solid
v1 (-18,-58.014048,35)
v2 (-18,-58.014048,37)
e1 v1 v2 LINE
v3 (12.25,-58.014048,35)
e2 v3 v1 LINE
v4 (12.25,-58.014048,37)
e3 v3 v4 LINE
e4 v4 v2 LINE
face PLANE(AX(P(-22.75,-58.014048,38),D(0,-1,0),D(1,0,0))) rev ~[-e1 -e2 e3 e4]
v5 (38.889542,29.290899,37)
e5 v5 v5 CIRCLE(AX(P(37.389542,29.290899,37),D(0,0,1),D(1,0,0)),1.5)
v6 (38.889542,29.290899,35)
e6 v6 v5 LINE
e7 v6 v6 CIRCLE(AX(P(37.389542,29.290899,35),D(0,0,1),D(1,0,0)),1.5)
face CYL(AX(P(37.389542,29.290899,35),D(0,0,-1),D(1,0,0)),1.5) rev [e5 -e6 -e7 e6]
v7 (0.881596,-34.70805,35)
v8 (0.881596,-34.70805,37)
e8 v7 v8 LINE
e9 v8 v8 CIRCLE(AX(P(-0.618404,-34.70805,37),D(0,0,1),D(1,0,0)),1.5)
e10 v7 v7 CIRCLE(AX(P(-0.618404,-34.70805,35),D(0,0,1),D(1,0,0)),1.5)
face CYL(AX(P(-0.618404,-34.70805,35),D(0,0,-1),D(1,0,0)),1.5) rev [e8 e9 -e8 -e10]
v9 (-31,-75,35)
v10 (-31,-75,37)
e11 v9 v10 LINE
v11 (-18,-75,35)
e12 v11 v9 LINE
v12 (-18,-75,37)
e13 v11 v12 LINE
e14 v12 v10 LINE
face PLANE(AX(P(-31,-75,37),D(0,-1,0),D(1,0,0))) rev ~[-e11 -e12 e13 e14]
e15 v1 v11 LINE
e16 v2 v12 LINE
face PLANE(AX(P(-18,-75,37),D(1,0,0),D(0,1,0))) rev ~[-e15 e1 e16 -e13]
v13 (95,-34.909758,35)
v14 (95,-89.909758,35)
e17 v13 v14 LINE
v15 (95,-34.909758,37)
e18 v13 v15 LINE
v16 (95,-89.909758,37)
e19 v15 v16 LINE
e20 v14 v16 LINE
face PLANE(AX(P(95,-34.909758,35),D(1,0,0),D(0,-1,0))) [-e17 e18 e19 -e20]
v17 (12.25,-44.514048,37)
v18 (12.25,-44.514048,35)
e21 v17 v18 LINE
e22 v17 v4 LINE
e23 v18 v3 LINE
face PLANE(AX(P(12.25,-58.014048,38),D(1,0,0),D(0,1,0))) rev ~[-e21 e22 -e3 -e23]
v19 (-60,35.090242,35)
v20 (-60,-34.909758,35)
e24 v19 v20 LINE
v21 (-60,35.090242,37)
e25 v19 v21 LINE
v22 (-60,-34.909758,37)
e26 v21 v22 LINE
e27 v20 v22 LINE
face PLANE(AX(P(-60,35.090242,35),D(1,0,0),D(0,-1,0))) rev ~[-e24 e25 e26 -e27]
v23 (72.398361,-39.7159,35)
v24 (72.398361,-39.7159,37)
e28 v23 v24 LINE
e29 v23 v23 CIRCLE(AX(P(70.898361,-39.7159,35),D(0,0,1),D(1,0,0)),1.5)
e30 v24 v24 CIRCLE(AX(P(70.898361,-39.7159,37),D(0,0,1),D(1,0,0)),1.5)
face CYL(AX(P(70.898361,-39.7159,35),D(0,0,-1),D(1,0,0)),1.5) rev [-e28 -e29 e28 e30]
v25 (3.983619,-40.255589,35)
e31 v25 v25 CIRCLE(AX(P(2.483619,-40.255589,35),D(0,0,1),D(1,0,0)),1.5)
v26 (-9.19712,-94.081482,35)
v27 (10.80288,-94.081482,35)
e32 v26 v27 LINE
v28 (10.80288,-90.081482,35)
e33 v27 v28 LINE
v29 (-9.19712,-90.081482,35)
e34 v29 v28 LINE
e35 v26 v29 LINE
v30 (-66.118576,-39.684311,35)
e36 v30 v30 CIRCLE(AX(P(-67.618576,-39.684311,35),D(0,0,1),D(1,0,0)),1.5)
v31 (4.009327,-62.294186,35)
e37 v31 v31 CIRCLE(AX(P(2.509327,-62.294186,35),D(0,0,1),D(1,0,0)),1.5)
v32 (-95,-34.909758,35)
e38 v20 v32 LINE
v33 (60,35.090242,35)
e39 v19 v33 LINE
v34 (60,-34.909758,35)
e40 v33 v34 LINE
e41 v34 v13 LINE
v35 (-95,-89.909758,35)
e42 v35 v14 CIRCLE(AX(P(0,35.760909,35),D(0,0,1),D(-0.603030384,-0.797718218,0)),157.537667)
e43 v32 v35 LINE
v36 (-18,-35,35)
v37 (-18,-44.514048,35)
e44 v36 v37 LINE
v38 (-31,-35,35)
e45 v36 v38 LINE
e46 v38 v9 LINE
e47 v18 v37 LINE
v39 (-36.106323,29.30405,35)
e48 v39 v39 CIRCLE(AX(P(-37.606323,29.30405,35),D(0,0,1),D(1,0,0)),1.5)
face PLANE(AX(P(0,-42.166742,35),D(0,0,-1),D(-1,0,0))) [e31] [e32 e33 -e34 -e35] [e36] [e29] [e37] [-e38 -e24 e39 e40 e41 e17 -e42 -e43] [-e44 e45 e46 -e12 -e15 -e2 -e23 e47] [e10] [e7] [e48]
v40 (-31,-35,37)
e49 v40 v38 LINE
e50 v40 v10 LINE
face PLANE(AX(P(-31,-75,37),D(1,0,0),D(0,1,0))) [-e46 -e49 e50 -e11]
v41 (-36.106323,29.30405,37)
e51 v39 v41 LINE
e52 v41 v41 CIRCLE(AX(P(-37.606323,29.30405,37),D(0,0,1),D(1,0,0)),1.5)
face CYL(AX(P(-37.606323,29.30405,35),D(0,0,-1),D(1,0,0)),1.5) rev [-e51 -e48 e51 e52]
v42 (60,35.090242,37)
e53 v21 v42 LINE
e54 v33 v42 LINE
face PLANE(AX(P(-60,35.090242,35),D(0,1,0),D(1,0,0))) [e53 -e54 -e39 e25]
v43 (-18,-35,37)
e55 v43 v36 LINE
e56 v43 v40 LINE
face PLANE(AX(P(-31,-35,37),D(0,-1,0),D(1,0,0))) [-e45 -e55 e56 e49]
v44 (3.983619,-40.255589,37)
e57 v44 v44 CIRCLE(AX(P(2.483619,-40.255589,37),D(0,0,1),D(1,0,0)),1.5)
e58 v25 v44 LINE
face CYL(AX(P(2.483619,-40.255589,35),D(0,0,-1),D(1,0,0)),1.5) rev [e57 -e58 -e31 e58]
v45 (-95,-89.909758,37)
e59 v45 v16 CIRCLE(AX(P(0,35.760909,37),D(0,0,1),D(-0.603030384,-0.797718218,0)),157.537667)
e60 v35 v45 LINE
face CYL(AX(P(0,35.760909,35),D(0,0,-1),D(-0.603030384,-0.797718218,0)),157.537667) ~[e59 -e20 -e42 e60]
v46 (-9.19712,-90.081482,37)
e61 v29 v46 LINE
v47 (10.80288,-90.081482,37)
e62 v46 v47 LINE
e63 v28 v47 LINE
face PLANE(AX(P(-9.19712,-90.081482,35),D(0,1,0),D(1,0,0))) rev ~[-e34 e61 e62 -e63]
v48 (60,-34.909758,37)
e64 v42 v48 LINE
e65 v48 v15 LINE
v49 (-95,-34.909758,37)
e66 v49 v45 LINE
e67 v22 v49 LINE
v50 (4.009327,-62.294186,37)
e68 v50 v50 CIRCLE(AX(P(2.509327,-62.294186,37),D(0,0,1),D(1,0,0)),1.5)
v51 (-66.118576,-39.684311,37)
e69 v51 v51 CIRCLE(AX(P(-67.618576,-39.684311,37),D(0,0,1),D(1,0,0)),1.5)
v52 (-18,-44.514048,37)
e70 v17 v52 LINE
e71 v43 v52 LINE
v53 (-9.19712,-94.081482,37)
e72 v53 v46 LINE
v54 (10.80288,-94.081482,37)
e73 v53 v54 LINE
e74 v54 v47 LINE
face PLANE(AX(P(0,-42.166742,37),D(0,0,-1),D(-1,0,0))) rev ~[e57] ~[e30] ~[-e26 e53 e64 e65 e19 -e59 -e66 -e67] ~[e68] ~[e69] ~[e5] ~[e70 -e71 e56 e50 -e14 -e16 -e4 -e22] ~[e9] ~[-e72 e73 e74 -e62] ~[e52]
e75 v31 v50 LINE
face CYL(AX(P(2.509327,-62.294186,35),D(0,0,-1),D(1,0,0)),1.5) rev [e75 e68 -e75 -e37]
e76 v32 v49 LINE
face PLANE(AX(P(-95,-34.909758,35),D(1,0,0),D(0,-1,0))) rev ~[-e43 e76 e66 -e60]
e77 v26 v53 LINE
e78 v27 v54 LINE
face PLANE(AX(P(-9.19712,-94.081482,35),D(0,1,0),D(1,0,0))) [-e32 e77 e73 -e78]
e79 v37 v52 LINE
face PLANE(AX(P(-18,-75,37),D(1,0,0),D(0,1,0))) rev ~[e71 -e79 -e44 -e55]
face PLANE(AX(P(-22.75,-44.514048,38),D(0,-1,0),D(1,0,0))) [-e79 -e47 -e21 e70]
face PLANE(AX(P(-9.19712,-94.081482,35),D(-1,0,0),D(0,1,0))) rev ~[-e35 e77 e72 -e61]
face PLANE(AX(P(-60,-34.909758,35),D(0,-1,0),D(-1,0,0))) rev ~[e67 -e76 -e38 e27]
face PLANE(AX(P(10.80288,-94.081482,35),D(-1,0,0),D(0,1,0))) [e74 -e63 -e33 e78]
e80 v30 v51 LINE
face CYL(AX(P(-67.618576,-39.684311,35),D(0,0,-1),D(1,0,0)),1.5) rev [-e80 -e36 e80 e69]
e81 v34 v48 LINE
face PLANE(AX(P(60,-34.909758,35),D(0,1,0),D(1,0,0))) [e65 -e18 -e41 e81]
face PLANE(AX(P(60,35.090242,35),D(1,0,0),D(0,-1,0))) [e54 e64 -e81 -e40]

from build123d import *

# Parameters (mm, degrees)
SKETCH058_W      = 13
SKETCH058_H      = 40
EXTRUDE063_DEPTH = 7.5
SKETCH044_W      = 35
SKETCH044_H      = 13.5
EXTRUDE043_DEPTH = 15
SKETCH040_R      = 1.5
SKETCH040_W      = 20
SKETCH040_H      = 4
EXTRUDE039_DEPTH = 2


with BuildPart() as axe_hit_gap:
    # Sketch058 (on Face5 of Cut022) → Extrude063 (new body, symmetric)
    with BuildSketch(Plane.XY.offset(37)):
        with Locations((-24.5, -55)):
            Rectangle(SKETCH058_W, SKETCH058_H)
    extrude(amount=EXTRUDE063_DEPTH, both=True)


with BuildPart() as servo_lid_gap:
    # Sketch044 (on Face8 of Cut013) → Extrude043 (new body, symmetric)
    with BuildSketch(Plane.XY.offset(38)):
        with Locations((-5.5, -51.264048)):
            Rectangle(SKETCH044_W, SKETCH044_H)
    extrude(amount=EXTRUDE043_DEPTH, both=True)


with BuildPart() as servo_lid_gap_1:
    # Extrude043 placement: moved
    add(servo_lid_gap.part.moved(Location((0.25, 0, 0))))


with BuildPart() as lid:
    # Sketch040 (on Face4 of Cut018) → Extrude039 (new body)
    with BuildSketch(Plane.XY.offset(35)):
        with BuildLine():
            Line((-60, 35.090242), (60, 35.090242))
            Line((60, 35.090242), (60, -34.909758))
            Line((60, -34.909758), (95, -34.909758))
            Line((95, -34.909758), (95, -89.909758))
            ThreePointArc((-95, -89.909758), (0, -121.776758), (95, -89.909758))
            Line((-95, -34.909758), (-95, -89.909758))
            Line((-60, -34.909758), (-95, -34.909758))
            Line((-60, 35.090242), (-60, -34.909758))
        make_face()
        with Locations((70.898361, -39.7159)):
            Circle(SKETCH040_R, mode=Mode.SUBTRACT)
        with Locations((37.389542, 29.290899)):
            Circle(SKETCH040_R, mode=Mode.SUBTRACT)
        with Locations((-37.606323, 29.30405)):
            Circle(SKETCH040_R, mode=Mode.SUBTRACT)
        with Locations((-67.618576, -39.684311)):
            Circle(SKETCH040_R, mode=Mode.SUBTRACT)
        with Locations((-0.618404, -34.70805)):
            Circle(SKETCH040_R, mode=Mode.SUBTRACT)
        with Locations((2.483619, -40.255589)):
            Circle(SKETCH040_R, mode=Mode.SUBTRACT)
        with Locations((2.509327, -62.294186)):
            Circle(SKETCH040_R, mode=Mode.SUBTRACT)
        with Locations((0.80288, -92.081482)):
            Rectangle(SKETCH040_W, SKETCH040_H, mode=Mode.SUBTRACT)
    extrude(amount=EXTRUDE039_DEPTH)

    # Cut022: cut Servo Lid Gap
    add(servo_lid_gap_1.part, mode=Mode.SUBTRACT)

    # Cut035: cut Axe Hit Gap
    add(axe_hit_gap.part, mode=Mode.SUBTRACT)


solid = lid.part
